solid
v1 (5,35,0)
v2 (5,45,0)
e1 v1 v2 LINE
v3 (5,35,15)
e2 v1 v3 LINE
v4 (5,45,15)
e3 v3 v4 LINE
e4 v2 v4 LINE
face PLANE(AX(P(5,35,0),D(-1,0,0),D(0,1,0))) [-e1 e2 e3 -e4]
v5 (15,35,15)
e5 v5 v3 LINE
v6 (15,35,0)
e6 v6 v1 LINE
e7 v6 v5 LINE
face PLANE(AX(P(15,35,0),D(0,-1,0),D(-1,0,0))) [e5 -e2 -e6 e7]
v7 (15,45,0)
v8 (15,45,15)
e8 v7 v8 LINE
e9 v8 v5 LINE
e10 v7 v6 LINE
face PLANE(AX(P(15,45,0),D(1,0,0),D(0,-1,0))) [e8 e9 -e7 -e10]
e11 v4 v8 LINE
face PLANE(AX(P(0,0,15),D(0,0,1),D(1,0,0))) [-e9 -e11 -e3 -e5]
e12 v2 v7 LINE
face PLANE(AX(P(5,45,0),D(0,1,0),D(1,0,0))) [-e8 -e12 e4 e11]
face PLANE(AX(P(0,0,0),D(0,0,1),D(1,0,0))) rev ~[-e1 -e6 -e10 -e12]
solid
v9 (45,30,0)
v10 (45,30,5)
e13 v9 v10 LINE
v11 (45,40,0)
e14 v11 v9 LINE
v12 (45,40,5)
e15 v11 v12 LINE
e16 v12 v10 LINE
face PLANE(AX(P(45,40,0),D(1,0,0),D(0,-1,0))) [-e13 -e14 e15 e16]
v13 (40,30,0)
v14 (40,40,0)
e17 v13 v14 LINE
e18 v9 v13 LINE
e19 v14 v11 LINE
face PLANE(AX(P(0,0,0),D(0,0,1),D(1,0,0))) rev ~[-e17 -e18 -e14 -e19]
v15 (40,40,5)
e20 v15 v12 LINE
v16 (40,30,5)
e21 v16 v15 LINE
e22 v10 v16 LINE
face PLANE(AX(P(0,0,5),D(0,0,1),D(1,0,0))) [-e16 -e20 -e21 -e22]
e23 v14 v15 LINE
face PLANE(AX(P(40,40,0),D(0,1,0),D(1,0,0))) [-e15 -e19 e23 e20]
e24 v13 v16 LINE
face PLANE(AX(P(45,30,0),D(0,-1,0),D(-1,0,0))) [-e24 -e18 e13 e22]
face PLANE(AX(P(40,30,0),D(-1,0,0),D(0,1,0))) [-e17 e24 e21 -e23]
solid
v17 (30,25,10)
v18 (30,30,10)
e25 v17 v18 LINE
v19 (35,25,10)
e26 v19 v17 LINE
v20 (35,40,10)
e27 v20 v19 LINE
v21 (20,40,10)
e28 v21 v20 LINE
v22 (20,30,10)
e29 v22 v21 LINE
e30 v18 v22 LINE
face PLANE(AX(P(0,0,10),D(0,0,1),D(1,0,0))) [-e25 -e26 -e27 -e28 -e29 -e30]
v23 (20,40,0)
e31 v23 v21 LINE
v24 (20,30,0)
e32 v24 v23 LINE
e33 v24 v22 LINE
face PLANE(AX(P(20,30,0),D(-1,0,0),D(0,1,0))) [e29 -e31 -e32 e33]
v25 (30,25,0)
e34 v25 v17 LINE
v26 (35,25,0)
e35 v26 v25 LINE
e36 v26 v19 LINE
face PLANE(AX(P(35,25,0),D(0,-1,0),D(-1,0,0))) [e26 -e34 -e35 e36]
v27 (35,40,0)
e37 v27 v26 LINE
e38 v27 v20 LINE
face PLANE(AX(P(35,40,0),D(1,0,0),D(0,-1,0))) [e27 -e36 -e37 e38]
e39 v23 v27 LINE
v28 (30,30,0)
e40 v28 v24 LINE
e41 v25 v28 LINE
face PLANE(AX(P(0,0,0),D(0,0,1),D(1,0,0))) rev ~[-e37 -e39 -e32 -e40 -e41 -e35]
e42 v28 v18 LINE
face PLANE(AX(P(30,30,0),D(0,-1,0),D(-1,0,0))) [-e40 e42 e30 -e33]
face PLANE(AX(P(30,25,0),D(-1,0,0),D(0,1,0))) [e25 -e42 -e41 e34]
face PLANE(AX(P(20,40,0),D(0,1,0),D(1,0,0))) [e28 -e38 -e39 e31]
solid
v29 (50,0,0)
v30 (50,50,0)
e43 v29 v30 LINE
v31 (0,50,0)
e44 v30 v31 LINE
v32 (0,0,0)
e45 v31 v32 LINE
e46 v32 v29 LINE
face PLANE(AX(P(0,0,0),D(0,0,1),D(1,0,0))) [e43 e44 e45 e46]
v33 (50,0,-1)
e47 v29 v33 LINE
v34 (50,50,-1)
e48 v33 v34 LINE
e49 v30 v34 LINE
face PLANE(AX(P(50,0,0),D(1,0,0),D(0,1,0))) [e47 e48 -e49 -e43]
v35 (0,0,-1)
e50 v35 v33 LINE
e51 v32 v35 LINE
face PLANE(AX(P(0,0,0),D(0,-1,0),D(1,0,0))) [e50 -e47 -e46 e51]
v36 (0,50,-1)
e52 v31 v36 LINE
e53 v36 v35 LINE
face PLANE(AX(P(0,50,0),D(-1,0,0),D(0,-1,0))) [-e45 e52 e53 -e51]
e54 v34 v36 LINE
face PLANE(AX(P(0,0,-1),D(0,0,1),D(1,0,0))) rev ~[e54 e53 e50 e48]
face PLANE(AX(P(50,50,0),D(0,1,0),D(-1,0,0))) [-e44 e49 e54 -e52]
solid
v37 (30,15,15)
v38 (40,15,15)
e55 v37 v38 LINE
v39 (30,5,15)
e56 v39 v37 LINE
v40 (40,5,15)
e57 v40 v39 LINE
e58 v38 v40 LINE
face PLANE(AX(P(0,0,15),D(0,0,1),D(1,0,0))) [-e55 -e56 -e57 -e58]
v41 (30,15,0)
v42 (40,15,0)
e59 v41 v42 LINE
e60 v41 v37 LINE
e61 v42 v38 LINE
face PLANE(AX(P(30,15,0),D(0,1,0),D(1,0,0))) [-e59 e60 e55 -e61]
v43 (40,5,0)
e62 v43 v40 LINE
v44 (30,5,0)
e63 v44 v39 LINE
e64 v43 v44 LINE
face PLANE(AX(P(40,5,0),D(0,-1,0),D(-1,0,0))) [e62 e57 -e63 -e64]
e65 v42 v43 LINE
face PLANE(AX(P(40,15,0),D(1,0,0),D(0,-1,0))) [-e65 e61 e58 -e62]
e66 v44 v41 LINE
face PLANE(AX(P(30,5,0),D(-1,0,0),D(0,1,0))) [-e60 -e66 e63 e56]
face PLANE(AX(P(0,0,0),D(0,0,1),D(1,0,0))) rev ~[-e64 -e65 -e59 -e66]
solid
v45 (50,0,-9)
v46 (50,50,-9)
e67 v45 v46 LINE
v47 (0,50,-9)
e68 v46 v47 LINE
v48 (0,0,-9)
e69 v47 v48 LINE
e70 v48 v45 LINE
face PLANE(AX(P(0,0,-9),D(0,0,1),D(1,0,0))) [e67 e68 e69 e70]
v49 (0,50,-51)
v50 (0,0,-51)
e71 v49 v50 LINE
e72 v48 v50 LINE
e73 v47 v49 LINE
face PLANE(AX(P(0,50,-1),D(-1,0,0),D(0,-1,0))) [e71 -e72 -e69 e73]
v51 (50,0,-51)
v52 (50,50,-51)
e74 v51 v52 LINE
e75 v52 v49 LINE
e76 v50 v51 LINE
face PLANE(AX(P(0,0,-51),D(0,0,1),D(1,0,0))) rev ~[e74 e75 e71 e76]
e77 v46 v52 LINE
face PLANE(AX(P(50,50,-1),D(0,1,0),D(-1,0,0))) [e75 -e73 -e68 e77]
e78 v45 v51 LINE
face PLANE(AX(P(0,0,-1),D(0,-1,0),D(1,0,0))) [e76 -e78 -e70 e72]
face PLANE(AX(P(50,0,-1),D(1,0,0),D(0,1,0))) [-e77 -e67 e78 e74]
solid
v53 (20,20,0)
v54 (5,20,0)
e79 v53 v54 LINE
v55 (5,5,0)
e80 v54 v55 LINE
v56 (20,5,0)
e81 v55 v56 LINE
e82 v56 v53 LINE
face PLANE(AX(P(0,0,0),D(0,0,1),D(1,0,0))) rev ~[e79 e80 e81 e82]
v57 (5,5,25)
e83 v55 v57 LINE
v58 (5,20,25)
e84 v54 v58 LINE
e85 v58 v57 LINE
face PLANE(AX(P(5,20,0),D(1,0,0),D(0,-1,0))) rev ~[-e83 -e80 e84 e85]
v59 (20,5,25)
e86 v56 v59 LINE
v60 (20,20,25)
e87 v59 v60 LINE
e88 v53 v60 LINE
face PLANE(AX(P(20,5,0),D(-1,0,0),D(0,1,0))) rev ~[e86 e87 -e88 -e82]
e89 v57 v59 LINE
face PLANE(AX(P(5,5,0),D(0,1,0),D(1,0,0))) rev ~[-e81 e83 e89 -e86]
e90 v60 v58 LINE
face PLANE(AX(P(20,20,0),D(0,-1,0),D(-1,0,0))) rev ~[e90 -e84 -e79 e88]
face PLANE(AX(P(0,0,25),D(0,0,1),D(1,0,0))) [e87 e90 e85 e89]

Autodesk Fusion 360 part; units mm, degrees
sketch "Skizze1" plane through (0, 0, 0) normal (0, 0, 1) x (1, 0, 0)
  line L0 (0, 0) -> (50, 0)
  line L1 (50, 0) -> (50, 50)
  line L2 (50, 50) -> (0, 50)
  line L3 (0, 50) -> (0, 0)
  line L4 (20, 20) -> (5, 20)
  line L5 (5, 20) -> (5, 5)
  line L6 (5, 5) -> (20, 5)
  line L7 (20, 5) -> (20, 20)
  line L8 (20, 40) -> (35, 40)
  line L9 (35, 40) -> (35, 25)
  line L10 (35, 25) -> (30, 25)
  line L11 (30, 25) -> (30, 30)
  line L12 (30, 30) -> (20, 30)
  line L13 (20, 30) -> (20, 40)
  line L14 (5, 45) -> (15, 45)
  line L15 (15, 45) -> (15, 35)
  line L16 (15, 35) -> (5, 35)
  line L17 (5, 35) -> (5, 45)
  line L18 (30, 15) -> (40, 15)
  line L19 (40, 15) -> (40, 5)
  line L20 (40, 5) -> (30, 5)
  line L21 (30, 5) -> (30, 15)
  line L22 (40, 40) -> (45, 40)
  line L23 (45, 40) -> (45, 30)
  line L24 (45, 30) -> (40, 30)
  line L25 (40, 30) -> (40, 40)
extrude "Extrusion1" add sketch "Skizze1" along normal blind 25 contours L4 L5 L6 L7 makes body 1 in component "Großer Block"
extrude "Extrusion1'" add sketch "Skizze1" along normal blind 15 separate body contours L18 L19 L20 L21 makes body 2 in component "Medium Block 1"
extrude "Extrusion1''" add sketch "Skizze1" along normal blind 15 separate body contours L14 L15 L16 L17 makes body 3 in component "Medium Block 2#"
extrude "Extrusion1'''" add sketch "Skizze1" along normal blind 10 separate body contours L8 L9 L10 L11 L12 L13 makes body 4 in component "L Block"
extrude "Extrusion1''''" add sketch "Skizze1" along normal blind 5 separate body contours L22 L23 L24 L25 makes body 5 in component "Smal Block 1"
extrude "Extrusion1'''''" add sketch "Skizze1" against normal blind 1 separate body contours L0 L1 L2 L3 | L4 L5 L6 L7 | L8 L9 L10 L11 L12 L13 | L14 L15 L16 L17 | L18 L19 L20 L21 | L22 L23 L24 L25 makes body 6 in component "Boden"
extrude "Extrusion1''''''" add 1 faces at (16.6667, 33.3333, -1) along direction (0, 0, -1) blind 50 separate body on bodies 6 makes body 7 in component "Ground below"
extrude "Extrusion2" cut 1 faces at (16.6667, 33.3333, -1) along direction (0, 0, -1) blind 1 on bodies 7 bodies 7 in component "Ground below"
extrude "Extrusion3" cut 1 faces at (16.6667, 33.3333, -51) along direction (0, 0, 1) blind 8 from surface at 42 on bodies 7 bodies 7 in component "Ground below"
component "Großer Block" placed x (1, 0, 0) y (0, 1, 0) z (0, 0, 1) at (0, 0, 0)
component "Medium Block 1" placed x (1, 0, 0) y (0, 1, 0) z (0, 0, 1) at (0, 0, 0)
component "Medium Block 2#" placed x (1, 0, 0) y (0, 1, 0) z (0, 0, 1) at (0, 0, 0)
component "L Block" placed x (1, 0, 0) y (0, 1, 0) z (0, 0, 1) at (0, 0, 0)
component "Smal Block 1" placed x (1, 0, 0) y (0, 1, 0) z (0, 0, 1) at (0, 0, 0)
component "Boden" placed x (1, 0, 0) y (0, 1, 0) z (0, 0, 1) at (0, 0, 0)
component "Ground below" placed x (1, 0, 0) y (0, 1, 0) z (0, 0, 1) at (0, 0, 0)
equation "d21 = -h_wasser"
equation "d22 = -( a_Block - h_wasser )"
equation "h_wasser = ( 0.84 * 50 ) * 1 mm"
equation "a_Block = 50 mm"
